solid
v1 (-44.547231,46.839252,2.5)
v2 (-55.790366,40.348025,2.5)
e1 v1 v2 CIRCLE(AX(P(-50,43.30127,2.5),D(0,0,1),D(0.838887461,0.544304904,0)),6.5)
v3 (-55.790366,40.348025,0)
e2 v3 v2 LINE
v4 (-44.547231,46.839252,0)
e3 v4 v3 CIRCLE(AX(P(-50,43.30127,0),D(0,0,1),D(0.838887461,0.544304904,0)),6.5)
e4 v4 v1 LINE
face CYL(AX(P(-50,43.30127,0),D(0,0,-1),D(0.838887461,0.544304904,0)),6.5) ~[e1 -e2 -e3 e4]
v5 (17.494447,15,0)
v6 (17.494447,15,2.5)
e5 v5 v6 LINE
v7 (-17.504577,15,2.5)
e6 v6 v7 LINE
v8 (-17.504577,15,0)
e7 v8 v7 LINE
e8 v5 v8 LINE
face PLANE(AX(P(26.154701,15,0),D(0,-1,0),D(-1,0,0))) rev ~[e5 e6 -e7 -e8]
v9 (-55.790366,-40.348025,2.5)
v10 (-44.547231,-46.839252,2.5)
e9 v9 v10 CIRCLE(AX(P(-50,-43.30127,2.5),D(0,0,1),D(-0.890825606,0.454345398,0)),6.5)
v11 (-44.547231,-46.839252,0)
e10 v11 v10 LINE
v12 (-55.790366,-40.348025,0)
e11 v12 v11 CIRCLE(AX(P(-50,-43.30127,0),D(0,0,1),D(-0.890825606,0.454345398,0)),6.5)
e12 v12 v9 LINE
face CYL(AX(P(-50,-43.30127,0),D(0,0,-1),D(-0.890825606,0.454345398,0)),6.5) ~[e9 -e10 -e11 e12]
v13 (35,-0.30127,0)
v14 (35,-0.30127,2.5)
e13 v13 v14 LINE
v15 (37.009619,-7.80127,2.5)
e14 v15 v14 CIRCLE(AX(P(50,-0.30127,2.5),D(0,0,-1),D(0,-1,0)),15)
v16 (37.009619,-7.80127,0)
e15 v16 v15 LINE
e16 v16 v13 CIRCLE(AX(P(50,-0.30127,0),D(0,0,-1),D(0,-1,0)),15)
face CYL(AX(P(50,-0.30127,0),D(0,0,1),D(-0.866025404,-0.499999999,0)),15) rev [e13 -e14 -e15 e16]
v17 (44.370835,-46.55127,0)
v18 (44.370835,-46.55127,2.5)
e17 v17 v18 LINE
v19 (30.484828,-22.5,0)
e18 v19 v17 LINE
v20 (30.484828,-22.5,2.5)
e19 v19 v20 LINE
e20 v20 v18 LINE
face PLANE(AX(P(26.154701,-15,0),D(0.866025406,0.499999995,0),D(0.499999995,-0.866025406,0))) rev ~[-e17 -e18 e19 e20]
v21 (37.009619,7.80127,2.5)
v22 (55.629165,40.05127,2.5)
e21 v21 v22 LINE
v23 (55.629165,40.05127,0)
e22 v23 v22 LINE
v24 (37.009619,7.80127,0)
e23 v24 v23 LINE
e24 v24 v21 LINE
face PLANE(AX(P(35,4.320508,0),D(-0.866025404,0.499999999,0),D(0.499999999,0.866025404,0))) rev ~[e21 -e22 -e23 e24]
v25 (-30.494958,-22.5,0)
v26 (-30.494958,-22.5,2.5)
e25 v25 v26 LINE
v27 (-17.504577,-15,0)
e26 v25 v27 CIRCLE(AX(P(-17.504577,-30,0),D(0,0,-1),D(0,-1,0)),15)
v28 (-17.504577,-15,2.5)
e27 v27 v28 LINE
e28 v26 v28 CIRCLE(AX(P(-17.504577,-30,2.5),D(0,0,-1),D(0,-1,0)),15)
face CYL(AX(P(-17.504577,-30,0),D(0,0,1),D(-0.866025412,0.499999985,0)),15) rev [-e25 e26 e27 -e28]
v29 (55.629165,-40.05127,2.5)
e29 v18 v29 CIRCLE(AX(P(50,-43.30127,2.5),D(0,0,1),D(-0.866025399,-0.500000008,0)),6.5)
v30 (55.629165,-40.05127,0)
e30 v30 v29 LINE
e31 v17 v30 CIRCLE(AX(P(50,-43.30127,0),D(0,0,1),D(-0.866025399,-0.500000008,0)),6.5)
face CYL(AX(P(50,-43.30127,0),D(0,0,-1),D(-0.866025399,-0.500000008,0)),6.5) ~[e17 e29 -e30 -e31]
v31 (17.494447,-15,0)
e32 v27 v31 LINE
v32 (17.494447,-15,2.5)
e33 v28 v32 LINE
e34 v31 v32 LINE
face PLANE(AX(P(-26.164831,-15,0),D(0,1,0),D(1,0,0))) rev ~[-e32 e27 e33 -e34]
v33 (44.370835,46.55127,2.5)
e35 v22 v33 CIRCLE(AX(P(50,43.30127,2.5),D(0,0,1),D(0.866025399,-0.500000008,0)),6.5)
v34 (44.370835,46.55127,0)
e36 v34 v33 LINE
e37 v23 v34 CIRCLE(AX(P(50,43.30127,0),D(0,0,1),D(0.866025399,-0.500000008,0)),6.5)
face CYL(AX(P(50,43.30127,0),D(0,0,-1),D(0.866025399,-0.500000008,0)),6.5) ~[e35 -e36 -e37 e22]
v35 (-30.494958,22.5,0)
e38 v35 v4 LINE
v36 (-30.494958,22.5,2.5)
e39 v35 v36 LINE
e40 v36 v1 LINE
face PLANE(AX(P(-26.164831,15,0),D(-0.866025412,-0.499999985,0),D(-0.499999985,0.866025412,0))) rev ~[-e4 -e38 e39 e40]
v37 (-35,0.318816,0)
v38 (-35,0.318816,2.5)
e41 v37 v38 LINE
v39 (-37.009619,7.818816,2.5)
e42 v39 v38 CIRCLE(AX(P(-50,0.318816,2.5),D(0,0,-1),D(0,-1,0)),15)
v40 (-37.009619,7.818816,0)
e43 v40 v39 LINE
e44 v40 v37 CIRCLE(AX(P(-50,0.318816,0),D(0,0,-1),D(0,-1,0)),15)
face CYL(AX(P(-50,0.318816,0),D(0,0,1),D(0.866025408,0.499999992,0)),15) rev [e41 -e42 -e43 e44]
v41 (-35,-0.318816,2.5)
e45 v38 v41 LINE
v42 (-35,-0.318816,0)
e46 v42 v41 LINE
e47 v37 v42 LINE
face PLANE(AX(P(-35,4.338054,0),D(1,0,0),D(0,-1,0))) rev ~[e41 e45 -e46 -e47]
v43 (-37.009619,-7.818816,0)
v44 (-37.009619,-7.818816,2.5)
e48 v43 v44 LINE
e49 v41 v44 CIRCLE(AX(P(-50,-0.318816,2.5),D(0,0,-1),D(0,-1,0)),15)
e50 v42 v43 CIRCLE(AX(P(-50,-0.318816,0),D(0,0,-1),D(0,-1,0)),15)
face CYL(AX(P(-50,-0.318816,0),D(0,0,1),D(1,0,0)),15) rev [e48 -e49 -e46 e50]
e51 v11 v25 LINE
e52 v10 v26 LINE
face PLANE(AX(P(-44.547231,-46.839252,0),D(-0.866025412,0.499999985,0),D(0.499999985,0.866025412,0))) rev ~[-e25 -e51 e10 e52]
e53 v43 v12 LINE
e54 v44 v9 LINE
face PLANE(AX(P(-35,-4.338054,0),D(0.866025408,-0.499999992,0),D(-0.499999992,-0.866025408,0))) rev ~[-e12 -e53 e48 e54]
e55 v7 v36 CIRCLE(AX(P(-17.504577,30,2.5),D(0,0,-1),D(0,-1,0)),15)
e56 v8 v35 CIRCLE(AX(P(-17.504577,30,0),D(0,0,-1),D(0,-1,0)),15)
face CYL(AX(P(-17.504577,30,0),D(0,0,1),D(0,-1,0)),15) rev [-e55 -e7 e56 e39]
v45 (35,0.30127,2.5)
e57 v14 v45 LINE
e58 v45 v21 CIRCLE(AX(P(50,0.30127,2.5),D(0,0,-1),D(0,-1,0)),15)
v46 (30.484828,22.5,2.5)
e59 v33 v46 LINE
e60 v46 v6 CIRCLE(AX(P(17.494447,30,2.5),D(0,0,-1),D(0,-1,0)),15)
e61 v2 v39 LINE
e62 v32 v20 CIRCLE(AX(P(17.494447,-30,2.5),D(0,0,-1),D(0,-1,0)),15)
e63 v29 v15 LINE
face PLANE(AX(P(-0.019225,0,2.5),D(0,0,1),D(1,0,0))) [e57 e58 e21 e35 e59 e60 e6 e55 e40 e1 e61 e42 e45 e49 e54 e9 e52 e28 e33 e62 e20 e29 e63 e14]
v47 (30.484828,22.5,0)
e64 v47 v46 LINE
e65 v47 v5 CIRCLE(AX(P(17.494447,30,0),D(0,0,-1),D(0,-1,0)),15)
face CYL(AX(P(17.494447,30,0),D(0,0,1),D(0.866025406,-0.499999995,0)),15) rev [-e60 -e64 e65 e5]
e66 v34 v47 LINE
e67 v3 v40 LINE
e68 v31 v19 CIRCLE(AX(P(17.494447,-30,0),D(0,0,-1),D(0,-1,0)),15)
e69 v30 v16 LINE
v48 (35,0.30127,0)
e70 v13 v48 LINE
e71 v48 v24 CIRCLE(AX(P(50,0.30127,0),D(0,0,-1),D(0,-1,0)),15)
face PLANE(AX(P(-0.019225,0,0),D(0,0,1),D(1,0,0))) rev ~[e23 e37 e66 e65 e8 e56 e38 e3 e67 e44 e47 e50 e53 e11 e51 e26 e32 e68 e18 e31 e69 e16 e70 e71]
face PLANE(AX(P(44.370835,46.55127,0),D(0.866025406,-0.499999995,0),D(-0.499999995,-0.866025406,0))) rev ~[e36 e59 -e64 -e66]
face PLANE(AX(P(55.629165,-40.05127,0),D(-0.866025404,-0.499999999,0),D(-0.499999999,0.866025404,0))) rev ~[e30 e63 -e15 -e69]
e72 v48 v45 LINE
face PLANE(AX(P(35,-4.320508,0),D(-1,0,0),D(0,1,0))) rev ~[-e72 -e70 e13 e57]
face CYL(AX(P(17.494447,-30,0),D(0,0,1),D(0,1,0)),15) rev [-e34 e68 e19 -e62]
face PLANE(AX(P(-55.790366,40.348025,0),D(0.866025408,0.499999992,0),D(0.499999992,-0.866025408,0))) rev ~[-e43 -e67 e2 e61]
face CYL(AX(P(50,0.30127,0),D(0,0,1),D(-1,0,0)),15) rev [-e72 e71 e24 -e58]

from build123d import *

# Parameters (mm, degrees)
F1_DEPTH = 2.5
F2_R     = 15


with BuildPart() as f1:
    # F0 (on Top) → F1 (new body)
    with BuildSketch(Plane.XY):
        with BuildLine():
            ThreePointArc((-44.547231, 46.839252), (-53.25, 48.930435), (-55.790366, 40.348025))
            Line((-55.790366, 40.348025), (-35, 4.338054))
            Line((-35, 4.338054), (-35, 0))
            Line((-35, 0), (-35, -4.338054))
            Line((-35, -4.338054), (-55.790366, -40.348025))
            ThreePointArc((-55.790366, -40.348025), (-53.25, -48.930435), (-44.547231, -46.839252))
            Line((-44.547231, -46.839252), (-26.164831, -15))
            Line((-26.164831, -15), (0, -15))
            Line((0, -15), (26.154701, -15))
            Line((26.154701, -15), (44.370835, -46.55127))
            ThreePointArc((44.370835, -46.55127), (53.25, -48.930435), (55.629165, -40.05127))
            Line((55.629165, -40.05127), (35, -4.320508))
            Line((35, -4.320508), (35, 0))
            Line((35, 0), (35, 4.320508))
            Line((35, 4.320508), (55.629165, 40.05127))
            ThreePointArc((55.629165, 40.05127), (53.25, 48.930435), (44.370835, 46.55127))
            Line((44.370835, 46.55127), (26.154701, 15))
            Line((26.154701, 15), (0, 15))
            Line((0, 15), (-26.164831, 15))
            Line((-26.164831, 15), (-44.547231, 46.839252))
        make_face()
    extrude(amount=F1_DEPTH)

    # F2
    f2_edges = [f1.edges().sort_by_distance(p)[0] for p in [
        (26.154701, 15, 1.25),
        (-26.164831, 15, 1.25),
        (26.154701, -15, 1.25),
        (-26.164831, -15, 1.25),
        (-35, -4.338054, 1.25),
        (-35, 4.338054, 1.25),
        (35, -4.320508, 1.25),
        (35, 4.320508, 1.25),
    ]]
    fillet(f2_edges, radius=F2_R)


solid = f1.part
